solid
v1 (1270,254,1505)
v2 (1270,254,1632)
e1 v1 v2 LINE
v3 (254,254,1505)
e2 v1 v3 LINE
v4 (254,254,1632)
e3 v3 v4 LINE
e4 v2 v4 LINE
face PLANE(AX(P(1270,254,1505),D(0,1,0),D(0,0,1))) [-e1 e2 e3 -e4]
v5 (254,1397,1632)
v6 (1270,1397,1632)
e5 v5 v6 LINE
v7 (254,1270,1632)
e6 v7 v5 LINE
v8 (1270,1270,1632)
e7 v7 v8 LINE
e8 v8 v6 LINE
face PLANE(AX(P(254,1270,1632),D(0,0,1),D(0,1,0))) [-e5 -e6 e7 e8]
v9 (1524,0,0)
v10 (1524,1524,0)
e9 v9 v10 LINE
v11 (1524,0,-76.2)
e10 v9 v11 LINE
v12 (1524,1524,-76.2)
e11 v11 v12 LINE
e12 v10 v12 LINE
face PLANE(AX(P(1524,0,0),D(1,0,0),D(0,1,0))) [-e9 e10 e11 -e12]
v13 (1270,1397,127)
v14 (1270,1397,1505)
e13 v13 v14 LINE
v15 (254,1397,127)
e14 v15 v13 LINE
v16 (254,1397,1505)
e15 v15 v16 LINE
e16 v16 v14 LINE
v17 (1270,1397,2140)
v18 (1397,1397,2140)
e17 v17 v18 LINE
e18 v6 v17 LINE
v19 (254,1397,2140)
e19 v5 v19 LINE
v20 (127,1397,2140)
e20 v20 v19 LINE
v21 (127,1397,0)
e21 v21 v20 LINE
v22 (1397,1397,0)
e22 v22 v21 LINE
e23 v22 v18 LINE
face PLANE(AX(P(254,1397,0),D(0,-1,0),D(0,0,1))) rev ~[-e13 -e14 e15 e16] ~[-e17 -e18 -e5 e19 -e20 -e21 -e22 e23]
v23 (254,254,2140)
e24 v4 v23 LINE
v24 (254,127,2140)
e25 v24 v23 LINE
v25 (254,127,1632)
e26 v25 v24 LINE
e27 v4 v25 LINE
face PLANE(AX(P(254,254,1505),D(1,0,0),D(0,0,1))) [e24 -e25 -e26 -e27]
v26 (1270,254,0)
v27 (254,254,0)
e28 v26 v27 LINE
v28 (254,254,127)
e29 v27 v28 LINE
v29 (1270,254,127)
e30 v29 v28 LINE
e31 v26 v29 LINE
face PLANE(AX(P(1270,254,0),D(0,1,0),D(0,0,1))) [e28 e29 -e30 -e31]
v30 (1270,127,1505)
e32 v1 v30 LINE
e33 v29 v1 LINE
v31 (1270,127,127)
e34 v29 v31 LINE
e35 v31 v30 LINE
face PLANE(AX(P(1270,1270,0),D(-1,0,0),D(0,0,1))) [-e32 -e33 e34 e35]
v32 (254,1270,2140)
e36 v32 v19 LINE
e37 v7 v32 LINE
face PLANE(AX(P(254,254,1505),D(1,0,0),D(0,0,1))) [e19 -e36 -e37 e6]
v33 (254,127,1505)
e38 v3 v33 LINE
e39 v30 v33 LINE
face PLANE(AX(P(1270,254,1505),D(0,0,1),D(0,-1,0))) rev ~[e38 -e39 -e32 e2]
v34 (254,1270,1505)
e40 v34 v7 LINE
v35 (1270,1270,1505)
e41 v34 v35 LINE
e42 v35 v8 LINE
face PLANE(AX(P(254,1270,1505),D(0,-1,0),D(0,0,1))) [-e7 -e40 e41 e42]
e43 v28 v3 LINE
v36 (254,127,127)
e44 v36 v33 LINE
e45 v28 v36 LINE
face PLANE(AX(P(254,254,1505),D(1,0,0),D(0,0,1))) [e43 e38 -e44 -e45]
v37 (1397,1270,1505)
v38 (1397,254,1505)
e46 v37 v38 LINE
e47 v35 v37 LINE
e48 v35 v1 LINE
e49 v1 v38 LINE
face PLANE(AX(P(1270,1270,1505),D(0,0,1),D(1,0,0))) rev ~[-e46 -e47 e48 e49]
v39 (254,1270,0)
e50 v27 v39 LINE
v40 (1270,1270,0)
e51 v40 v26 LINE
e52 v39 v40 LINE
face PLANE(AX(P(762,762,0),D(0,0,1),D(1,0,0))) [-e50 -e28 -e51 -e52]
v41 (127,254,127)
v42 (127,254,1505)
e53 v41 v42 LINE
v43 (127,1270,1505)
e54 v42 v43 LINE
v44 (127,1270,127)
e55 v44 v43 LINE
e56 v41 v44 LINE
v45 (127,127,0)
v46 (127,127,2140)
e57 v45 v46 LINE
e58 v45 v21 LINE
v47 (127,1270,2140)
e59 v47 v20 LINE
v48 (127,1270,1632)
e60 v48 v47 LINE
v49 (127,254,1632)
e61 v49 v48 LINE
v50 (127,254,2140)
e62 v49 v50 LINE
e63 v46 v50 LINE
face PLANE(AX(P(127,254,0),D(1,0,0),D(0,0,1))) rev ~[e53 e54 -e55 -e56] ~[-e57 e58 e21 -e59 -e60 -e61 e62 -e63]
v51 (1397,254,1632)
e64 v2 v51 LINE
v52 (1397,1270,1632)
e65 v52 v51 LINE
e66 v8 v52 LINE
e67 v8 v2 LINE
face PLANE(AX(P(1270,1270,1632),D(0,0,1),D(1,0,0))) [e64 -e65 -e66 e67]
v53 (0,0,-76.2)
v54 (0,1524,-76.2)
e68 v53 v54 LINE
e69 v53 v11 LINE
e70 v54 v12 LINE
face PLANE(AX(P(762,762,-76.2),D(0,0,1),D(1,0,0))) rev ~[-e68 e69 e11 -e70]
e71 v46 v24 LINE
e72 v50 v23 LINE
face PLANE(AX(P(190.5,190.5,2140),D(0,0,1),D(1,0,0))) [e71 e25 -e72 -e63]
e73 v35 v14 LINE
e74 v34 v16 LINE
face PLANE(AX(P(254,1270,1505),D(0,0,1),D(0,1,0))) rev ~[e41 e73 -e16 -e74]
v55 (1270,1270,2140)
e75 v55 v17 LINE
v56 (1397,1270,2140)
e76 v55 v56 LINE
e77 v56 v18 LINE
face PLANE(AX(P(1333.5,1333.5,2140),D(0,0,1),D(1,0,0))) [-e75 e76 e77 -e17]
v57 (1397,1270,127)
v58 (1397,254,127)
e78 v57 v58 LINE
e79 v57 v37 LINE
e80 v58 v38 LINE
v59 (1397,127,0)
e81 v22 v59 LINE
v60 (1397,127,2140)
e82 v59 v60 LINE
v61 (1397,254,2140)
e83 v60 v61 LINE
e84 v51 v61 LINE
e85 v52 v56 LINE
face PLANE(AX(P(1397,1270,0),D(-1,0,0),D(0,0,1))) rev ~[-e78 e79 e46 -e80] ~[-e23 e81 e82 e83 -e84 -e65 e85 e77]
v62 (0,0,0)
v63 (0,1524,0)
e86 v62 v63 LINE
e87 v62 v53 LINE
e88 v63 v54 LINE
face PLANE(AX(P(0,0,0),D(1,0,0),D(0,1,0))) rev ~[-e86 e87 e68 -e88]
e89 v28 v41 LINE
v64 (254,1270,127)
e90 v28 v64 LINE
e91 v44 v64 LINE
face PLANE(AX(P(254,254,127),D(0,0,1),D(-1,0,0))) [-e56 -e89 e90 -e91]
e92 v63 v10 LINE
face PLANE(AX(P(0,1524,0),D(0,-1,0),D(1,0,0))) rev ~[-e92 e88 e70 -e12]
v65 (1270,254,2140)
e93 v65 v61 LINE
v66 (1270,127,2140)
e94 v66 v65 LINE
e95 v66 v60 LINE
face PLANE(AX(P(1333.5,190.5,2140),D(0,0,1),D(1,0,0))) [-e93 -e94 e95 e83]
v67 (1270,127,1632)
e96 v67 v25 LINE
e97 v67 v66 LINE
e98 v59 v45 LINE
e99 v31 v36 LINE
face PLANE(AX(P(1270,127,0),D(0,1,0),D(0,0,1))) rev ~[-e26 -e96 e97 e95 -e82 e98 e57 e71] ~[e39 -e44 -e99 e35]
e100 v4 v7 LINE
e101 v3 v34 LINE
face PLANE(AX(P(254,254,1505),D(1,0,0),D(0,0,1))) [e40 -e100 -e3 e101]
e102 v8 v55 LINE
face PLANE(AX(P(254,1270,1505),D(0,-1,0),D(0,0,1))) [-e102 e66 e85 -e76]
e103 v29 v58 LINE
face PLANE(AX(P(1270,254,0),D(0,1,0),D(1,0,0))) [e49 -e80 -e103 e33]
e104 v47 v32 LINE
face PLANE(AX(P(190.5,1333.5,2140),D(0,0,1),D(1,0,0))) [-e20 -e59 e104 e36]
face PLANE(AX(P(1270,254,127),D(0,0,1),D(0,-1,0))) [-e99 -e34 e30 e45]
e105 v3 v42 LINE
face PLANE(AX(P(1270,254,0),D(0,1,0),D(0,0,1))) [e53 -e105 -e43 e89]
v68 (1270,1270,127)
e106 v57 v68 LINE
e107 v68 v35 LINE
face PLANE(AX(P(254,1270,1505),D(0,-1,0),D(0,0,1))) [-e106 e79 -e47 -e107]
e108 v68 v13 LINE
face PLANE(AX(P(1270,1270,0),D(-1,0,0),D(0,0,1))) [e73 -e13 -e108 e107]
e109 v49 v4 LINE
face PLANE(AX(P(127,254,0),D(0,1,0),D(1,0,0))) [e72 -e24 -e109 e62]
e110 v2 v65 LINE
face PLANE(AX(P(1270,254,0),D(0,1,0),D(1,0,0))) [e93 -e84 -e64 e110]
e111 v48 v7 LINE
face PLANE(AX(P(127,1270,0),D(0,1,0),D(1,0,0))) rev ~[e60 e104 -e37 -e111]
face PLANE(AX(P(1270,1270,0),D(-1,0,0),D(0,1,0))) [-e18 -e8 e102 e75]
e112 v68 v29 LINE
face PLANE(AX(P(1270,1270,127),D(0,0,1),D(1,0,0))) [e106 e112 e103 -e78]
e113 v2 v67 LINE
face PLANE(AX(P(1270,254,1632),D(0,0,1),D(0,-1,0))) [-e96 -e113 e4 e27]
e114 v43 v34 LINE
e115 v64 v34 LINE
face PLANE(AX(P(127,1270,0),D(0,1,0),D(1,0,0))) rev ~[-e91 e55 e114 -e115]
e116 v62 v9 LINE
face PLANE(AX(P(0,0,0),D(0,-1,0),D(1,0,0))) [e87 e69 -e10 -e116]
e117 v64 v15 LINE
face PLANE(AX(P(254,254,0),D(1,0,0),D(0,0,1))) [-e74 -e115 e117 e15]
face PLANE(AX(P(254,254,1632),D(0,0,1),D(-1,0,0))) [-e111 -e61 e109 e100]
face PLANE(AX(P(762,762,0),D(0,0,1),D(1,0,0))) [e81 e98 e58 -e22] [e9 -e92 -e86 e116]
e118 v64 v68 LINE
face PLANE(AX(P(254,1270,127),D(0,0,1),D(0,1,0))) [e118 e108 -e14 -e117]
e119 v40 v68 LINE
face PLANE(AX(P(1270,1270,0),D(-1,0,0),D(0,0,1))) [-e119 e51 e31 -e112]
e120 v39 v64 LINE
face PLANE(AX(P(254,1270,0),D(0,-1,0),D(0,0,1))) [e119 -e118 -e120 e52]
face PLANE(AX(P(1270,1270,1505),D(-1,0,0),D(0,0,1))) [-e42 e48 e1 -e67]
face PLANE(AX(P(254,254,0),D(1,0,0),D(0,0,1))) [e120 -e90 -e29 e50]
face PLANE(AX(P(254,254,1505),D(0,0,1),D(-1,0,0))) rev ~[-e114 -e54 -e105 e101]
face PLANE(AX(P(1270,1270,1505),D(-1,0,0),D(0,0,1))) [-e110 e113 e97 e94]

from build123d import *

# Parameters (mm, degrees)
F0_W      = 127
F0_H      = 127
F1_DEPTH  = 2140
F0_W_2    = 1524
F0_H_2    = 1524
F2_DEPTH  = 76.2
F6_W      = 127
F6_H      = 127
F7_DEPTH  = 1080
F5_W      = 127
F5_H      = 127
F8_DEPTH  = 1080
F4_W      = 127
F4_H      = 127
F9_DEPTH  = 1090
F3_W      = 127
F3_H      = 127
F10_DEPTH = 1070
F11_W     = 127
F11_H     = 127
F15_DEPTH = 1060
F12_W     = 127
F12_H     = 127
F16_DEPTH = 1090
F13_W     = 127
F13_H     = 127
F17_DEPTH = 1070
F14_W     = 127
F14_H     = 127
F18_DEPTH = 1100


with BuildPart() as f1:
    # F0 (on Top) → F1 (new body)
    with BuildSketch(Plane.XY):
        with Locations((190.5, 1333.5)):
            Rectangle(F0_W, F0_H)
    extrude(amount=F1_DEPTH)



with BuildPart() as f1b:
    # F0 (on Top) → F1, piece 2 (new body)
    with BuildSketch(Plane.XY):
        with Locations((1333.5, 1333.5)):
            Rectangle(F0_W, F0_H)
    extrude(amount=F1_DEPTH)


with BuildPart() as f1c:
    # F0 (on Top) → F1, piece 3 (new body)
    with BuildSketch(Plane.XY):
        with Locations((1333.5, 190.5)):
            Rectangle(F0_W, F0_H)
    extrude(amount=F1_DEPTH)


with BuildPart() as f1d:
    # F0 (on Top) → F1, piece 4 (new body)
    with BuildSketch(Plane.XY):
        with Locations((190.5, 190.5)):
            Rectangle(F0_W, F0_H)
    extrude(amount=F1_DEPTH)


with BuildPart() as f1_1:
    add(f1.part)

    add(f1b.part)  # F2 merges F1b

    add(f1c.part)  # F2 merges F1c

    add(f1d.part)  # F2 merges F1d
    # F0 (on Top) → F2 (join)
    with BuildSketch(Plane.XY):
        with Locations((762, 762)):
            Rectangle(F0_W_2, F0_H_2)
        with Locations((190.5, 190.5)):
            Rectangle(F0_W, F0_H, mode=Mode.SUBTRACT)
        with Locations((1333.5, 190.5)):
            Rectangle(F0_W, F0_H, mode=Mode.SUBTRACT)
        with Locations((190.5, 1333.5)):
            Rectangle(F0_W, F0_H, mode=Mode.SUBTRACT)
        with Locations((1333.5, 1333.5)):
            Rectangle(F0_W, F0_H, mode=Mode.SUBTRACT)
        with Locations((190.5, 1333.5)):
            Rectangle(F0_W, F0_H)
        with Locations((1333.5, 1333.5)):
            Rectangle(F0_W, F0_H)
        with Locations((1333.5, 190.5)):
            Rectangle(F0_W, F0_H)
        with Locations((190.5, 190.5)):
            Rectangle(F0_W, F0_H)
    extrude(amount=-F2_DEPTH)

    # F6 (on face) → F7 (join)
    with BuildSketch(Plane(origin=(0, 254, 0), x_dir=(-1, 0, 0), z_dir=(0, 1, 0))):
        with Locations((-190.5, 1568.5)):
            Rectangle(F6_W, F6_H)
    extrude(amount=F7_DEPTH)

    # F5 (on face) → F8 (join)
    with BuildSketch(Plane.YZ.offset(254)):
        with Locations((1333.5, 1568.5)):
            Rectangle(F5_W, F5_H)
    extrude(amount=F8_DEPTH)

    # F4 (on face) → F9 (join)
    with BuildSketch(Plane.XZ.offset(-1270)):
        with Locations((1333.5, 1568.5)):
            Rectangle(F4_W, F4_H)
    extrude(amount=F9_DEPTH)

    # F3 (on face) → F10 (join)
    with BuildSketch(Plane(origin=(1270, 0, 0), x_dir=(0, -1, 0), z_dir=(-1, 0, 0))):
        with Locations((-190.5, 1568.5)):
            Rectangle(F3_W, F3_H)
    extrude(amount=F10_DEPTH)

    # F11 (on face) → F15 (join)
    with BuildSketch(Plane.XZ.offset(-1270)):
        with Locations((1333.5, 63.5)):
            Rectangle(F11_W, F11_H)
    extrude(amount=F15_DEPTH)

    # F12 (on face) → F16 (join)
    with BuildSketch(Plane(origin=(1270, 0, 0), x_dir=(0, -1, 0), z_dir=(-1, 0, 0))):
        with Locations((-190.5, 63.5)):
            Rectangle(F12_W, F12_H)
    extrude(amount=F16_DEPTH)

    # F13 (on face) → F17 (join)
    with BuildSketch(Plane(origin=(0, 254, 0), x_dir=(-1, 0, 0), z_dir=(0, 1, 0))):
        with Locations((-190.5, 63.5)):
            Rectangle(F13_W, F13_H)
    extrude(amount=F17_DEPTH)

    # F14 (on face) → F18 (join)
    with BuildSketch(Plane.YZ.offset(254)):
        with Locations((1333.5, 63.5)):
            Rectangle(F14_W, F14_H)
    extrude(amount=F18_DEPTH)


solid = f1_1.part
